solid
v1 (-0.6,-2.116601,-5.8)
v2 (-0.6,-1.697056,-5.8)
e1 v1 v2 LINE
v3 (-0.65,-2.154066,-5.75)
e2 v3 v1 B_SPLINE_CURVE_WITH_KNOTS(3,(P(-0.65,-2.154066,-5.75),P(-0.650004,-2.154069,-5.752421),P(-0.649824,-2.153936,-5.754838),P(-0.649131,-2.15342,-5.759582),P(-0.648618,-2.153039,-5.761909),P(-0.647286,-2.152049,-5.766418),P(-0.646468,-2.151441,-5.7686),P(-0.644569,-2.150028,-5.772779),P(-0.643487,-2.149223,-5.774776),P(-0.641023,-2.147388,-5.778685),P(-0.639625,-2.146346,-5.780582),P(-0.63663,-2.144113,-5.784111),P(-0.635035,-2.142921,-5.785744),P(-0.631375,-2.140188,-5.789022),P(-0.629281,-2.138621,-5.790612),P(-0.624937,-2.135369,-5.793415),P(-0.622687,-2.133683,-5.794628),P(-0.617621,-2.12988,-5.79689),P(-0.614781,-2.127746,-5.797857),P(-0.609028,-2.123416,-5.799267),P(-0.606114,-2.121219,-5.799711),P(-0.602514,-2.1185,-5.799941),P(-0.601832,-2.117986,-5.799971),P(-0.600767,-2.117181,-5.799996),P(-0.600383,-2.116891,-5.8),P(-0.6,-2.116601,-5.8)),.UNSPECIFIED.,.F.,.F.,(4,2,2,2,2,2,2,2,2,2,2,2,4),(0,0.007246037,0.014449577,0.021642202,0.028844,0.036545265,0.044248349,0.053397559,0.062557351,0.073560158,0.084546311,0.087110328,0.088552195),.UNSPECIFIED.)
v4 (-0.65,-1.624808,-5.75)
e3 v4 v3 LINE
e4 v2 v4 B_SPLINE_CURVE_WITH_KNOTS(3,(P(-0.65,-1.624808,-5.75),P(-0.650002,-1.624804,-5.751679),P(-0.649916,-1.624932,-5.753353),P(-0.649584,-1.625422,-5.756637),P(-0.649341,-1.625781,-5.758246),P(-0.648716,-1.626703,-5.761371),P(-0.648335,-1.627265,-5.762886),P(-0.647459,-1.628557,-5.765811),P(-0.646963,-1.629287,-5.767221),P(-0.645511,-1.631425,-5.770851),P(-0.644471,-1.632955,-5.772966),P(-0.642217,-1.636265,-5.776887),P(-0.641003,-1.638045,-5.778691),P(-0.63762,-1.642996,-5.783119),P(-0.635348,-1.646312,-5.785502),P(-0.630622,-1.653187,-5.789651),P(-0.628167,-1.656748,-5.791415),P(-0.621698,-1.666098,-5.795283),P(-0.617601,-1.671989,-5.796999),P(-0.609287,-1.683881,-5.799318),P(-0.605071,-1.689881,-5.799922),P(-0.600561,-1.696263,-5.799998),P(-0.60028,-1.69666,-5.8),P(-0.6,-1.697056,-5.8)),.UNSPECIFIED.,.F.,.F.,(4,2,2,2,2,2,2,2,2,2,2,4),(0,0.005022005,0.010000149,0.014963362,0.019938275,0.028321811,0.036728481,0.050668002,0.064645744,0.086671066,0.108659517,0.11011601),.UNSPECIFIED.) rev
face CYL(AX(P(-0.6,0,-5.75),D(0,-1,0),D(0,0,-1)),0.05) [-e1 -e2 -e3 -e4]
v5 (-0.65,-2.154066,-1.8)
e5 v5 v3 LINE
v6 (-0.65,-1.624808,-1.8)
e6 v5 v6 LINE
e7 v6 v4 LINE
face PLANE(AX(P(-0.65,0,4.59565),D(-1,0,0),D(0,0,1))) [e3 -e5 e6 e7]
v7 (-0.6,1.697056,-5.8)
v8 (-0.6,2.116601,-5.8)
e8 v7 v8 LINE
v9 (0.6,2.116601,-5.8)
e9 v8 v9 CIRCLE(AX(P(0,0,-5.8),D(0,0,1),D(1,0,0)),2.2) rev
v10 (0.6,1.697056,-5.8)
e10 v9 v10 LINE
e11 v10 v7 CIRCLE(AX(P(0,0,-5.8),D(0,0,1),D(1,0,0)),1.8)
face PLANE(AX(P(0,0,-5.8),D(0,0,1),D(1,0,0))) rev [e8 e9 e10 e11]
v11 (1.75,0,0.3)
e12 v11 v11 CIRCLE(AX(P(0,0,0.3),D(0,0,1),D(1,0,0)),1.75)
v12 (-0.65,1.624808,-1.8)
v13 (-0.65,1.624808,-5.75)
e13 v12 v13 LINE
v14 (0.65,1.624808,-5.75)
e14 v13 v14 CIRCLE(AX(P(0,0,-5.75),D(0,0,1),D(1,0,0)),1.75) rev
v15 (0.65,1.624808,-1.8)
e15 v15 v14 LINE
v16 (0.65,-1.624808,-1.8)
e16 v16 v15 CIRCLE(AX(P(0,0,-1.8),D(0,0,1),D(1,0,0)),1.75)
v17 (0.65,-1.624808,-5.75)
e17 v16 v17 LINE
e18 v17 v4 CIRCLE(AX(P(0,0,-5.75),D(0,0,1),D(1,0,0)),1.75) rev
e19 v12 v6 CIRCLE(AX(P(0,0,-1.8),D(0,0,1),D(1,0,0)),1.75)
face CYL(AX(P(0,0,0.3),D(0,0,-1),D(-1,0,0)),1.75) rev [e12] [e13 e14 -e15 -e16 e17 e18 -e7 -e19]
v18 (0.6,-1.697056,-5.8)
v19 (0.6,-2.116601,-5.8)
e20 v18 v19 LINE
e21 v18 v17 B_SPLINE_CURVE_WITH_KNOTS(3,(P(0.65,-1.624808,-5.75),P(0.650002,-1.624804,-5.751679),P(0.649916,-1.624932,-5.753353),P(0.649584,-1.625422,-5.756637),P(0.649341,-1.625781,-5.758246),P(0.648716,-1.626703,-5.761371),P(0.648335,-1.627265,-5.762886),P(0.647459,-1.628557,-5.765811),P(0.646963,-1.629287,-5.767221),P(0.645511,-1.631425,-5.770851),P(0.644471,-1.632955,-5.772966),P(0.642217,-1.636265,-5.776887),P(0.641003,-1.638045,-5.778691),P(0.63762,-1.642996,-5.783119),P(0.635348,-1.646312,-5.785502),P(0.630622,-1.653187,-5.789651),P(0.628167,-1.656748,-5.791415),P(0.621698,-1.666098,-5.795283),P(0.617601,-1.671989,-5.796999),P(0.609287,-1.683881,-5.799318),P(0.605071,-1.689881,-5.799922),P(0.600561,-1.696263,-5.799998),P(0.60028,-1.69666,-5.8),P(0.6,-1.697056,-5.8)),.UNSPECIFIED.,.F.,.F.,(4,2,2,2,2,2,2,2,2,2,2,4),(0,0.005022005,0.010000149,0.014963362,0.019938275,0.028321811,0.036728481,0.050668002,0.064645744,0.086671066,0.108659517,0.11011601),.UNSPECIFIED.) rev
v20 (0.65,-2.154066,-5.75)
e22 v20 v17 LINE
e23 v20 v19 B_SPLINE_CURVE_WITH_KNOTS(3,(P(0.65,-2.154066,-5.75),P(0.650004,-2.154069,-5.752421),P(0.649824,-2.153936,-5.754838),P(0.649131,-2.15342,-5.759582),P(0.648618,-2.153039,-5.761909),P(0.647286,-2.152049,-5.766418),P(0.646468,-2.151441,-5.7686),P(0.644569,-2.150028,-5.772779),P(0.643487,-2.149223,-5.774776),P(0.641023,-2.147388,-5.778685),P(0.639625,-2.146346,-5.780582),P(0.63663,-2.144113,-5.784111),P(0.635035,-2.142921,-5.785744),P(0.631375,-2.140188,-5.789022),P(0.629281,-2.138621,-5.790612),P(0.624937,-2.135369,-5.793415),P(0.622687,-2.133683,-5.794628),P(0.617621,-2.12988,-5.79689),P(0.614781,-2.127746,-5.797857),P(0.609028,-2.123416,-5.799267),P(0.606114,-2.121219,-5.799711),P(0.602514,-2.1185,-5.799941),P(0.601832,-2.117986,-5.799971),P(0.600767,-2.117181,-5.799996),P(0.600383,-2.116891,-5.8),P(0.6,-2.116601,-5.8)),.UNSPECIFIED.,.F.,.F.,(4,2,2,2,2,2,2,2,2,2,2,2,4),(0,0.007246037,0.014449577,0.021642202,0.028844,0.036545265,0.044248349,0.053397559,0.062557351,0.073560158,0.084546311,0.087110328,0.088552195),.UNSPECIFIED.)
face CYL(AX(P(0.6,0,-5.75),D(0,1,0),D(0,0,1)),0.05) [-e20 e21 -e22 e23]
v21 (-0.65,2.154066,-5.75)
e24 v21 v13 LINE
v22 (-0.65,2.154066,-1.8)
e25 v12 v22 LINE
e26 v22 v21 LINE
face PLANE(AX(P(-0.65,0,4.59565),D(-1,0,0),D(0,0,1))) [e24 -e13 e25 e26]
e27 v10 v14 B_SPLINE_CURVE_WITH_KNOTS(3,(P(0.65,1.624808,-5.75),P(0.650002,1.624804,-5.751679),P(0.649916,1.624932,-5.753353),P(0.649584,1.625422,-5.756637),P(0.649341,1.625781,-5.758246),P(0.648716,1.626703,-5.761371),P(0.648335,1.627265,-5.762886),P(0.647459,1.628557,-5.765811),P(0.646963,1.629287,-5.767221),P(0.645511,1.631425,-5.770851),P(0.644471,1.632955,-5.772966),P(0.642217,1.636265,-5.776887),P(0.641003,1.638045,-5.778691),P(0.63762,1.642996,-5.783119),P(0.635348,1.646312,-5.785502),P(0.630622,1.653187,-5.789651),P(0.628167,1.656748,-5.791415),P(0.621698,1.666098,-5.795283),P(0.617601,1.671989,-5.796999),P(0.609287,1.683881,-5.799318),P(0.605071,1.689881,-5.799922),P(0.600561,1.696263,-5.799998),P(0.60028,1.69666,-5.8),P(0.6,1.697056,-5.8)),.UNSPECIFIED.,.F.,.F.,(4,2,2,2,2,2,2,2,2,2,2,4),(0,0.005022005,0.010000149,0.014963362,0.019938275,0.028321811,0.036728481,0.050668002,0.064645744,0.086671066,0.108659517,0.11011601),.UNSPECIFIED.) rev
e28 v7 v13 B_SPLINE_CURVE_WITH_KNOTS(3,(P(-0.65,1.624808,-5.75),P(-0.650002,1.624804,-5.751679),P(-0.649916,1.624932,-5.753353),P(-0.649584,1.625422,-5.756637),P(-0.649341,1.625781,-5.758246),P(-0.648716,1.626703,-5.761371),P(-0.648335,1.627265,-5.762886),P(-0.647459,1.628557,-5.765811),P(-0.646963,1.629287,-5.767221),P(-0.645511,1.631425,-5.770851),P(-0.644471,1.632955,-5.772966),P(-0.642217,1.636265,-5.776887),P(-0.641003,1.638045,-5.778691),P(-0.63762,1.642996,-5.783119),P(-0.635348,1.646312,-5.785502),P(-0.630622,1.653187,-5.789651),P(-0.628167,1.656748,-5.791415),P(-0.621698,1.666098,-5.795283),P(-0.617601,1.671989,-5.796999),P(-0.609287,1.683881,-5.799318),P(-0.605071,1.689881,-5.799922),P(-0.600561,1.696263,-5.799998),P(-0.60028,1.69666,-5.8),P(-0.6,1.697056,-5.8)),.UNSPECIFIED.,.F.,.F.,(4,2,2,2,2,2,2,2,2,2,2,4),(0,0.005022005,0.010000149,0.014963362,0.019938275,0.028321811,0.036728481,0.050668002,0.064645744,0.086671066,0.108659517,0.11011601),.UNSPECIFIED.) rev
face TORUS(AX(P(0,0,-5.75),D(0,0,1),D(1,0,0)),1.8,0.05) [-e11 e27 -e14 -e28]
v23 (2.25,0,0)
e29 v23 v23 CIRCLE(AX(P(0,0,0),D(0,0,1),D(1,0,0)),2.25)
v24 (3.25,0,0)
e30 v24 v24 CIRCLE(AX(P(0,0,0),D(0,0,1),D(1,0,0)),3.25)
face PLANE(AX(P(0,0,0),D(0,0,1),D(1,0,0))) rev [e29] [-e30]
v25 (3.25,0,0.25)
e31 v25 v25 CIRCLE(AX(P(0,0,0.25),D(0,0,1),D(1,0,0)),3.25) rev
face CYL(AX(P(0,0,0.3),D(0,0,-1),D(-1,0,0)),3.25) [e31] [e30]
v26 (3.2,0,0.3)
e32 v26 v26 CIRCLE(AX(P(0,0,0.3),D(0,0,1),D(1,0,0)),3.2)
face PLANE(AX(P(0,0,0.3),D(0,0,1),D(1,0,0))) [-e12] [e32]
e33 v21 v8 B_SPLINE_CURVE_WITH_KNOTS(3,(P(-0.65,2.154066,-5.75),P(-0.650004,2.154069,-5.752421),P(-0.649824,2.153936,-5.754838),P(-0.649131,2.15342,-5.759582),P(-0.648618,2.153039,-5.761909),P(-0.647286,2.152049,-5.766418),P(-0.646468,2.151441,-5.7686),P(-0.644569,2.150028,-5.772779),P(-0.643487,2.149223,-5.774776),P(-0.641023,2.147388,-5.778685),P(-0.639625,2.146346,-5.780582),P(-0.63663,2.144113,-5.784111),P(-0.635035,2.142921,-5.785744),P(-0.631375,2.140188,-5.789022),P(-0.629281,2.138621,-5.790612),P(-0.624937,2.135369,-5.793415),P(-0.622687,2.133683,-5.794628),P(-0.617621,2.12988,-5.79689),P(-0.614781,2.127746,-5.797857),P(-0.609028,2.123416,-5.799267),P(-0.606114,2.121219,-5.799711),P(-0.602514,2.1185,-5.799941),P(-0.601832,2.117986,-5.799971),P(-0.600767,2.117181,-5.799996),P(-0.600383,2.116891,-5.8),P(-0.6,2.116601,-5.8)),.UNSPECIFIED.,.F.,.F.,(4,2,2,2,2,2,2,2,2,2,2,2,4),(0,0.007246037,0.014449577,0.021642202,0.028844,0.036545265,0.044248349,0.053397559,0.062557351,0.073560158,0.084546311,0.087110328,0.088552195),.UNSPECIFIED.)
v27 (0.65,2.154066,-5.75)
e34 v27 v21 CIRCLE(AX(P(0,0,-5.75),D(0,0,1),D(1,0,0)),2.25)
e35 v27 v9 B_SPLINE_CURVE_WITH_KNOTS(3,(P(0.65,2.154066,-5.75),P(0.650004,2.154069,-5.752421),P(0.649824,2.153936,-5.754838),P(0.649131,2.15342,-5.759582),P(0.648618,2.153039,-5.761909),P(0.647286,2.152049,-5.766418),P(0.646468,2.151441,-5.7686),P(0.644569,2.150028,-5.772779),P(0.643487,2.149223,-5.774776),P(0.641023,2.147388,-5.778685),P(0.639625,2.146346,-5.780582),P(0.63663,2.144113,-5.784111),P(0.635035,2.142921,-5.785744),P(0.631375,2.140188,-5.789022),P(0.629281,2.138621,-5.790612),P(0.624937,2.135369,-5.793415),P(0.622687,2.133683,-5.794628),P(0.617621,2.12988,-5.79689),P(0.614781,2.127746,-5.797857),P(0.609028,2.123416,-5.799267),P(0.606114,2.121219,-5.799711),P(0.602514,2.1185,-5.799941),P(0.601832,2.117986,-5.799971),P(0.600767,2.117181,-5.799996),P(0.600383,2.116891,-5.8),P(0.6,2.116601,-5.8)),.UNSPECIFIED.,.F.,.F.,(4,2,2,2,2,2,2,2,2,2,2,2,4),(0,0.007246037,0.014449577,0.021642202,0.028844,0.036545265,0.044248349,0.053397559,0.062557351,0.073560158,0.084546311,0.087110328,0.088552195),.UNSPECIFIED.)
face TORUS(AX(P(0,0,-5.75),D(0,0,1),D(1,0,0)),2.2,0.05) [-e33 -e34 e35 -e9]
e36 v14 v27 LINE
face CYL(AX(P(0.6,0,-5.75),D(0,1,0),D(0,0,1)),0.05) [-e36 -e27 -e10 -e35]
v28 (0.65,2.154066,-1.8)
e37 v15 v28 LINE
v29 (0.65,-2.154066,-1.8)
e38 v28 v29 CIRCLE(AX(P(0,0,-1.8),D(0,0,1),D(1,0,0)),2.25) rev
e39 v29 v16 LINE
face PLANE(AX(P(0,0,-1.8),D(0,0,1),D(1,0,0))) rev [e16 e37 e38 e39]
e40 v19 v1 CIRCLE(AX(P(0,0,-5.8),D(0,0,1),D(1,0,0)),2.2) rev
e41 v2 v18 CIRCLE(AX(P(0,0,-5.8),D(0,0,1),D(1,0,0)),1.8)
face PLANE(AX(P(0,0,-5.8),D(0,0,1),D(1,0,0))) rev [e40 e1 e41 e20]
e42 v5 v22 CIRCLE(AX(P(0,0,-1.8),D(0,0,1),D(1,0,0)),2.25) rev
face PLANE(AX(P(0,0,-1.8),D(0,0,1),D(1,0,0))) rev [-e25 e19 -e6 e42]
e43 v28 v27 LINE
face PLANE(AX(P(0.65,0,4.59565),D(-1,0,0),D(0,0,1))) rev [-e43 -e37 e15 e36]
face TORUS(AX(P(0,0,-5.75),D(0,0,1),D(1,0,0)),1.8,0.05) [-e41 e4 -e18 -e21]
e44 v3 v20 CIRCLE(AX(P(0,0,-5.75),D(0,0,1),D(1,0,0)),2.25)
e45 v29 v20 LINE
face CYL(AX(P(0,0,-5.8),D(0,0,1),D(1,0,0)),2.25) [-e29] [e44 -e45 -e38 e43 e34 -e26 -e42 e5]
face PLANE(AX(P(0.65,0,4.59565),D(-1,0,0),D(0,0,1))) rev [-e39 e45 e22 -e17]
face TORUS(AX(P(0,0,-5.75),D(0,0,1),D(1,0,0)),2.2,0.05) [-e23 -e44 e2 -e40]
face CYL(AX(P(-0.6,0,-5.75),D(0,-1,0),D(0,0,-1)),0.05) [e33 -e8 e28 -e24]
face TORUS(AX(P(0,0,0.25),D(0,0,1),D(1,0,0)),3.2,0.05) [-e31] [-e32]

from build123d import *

# Parameters (mm, degrees)
SKETCH_1_R          = 3.25
SKETCH_1_R_2        = 2.25
SKETCH_1_R_3        = 1.75
EXTRUDE_1_DEPTH     = 0.3
SKETCH_1_4_R        = 2.25
SKETCH_1_4_R_2      = 1.75
EXTRUDE_2_DEPTH     = 5.8
CUT_EXTRUDE_1_DEPTH = 4
FILLET_1_R          = 0.05


with BuildPart() as part:
    # Sketch 1 → Extrude 1 (new body)
    with BuildSketch(Plane.XY):
        Circle(SKETCH_1_R)
        Circle(SKETCH_1_R_2, mode=Mode.SUBTRACT)
        Circle(SKETCH_1_R_2)
        Circle(SKETCH_1_R_3, mode=Mode.SUBTRACT)
    extrude(amount=EXTRUDE_1_DEPTH)

    # Sketch 1_4 → Extrude 2 (add)
    with BuildSketch(Plane.XY):
        Circle(SKETCH_1_4_R)
        Circle(SKETCH_1_4_R_2, mode=Mode.SUBTRACT)
    extrude(amount=-EXTRUDE_2_DEPTH)

    # Sketch 2 → Cut-Extrude 1 (cut)
    with BuildSketch(Plane(origin=(0, 0, -5.8), x_dir=(-1, 0, 0), z_dir=(0, 0, -1))):
        with BuildLine():
            ThreePointArc((-0.65, 2.154065923), (-2.25, 0), (-0.65, -2.154065923))
            Line((-0.65, -2.154065923), (-0.65, -1.624807681))
            ThreePointArc((-0.65, -1.624807681), (-1.75, 0), (-0.65, 1.624807681))
            Line((-0.65, 1.624807681), (-0.65, 2.154065923))
        make_face()
        with BuildLine():
            Line((0.65, -1.624807681), (0.65, -2.154065923))
            ThreePointArc((0.65, -2.154065923), (1.806239187, -1.341640786), (2.25, 0))
            ThreePointArc((2.25, 0), (1.806239187, 1.341640786), (0.65, 2.154065923))
            Line((0.65, 2.154065923), (0.65, 1.624807681))
            ThreePointArc((0.65, 1.624807681), (1.449137675, 0.981070844), (1.75, 0))
            ThreePointArc((1.75, 0), (1.449137675, -0.981070844), (0.65, -1.624807681))
        make_face()
    extrude(amount=-CUT_EXTRUDE_1_DEPTH, mode=Mode.SUBTRACT)

    # Fillet 1
    fillet_1_edges = [part.edges().sort_by_distance(p)[0] for p in [
        (0, 1.75, -5.8),
        (0.65, -1.889436802, -5.8),
        (0.65, 1.889436802, -5.8),
        (0, -1.75, -5.8),
        (0, -2.25, -5.8),
        (-0.65, 1.889436802, -5.8),
        (-0.65, -1.889436802, -5.8),
        (-3.25, 0, 0.3),
        (0, 2.25, -5.8),
    ]]
    fillet(fillet_1_edges, radius=FILLET_1_R)


solid = part.part
